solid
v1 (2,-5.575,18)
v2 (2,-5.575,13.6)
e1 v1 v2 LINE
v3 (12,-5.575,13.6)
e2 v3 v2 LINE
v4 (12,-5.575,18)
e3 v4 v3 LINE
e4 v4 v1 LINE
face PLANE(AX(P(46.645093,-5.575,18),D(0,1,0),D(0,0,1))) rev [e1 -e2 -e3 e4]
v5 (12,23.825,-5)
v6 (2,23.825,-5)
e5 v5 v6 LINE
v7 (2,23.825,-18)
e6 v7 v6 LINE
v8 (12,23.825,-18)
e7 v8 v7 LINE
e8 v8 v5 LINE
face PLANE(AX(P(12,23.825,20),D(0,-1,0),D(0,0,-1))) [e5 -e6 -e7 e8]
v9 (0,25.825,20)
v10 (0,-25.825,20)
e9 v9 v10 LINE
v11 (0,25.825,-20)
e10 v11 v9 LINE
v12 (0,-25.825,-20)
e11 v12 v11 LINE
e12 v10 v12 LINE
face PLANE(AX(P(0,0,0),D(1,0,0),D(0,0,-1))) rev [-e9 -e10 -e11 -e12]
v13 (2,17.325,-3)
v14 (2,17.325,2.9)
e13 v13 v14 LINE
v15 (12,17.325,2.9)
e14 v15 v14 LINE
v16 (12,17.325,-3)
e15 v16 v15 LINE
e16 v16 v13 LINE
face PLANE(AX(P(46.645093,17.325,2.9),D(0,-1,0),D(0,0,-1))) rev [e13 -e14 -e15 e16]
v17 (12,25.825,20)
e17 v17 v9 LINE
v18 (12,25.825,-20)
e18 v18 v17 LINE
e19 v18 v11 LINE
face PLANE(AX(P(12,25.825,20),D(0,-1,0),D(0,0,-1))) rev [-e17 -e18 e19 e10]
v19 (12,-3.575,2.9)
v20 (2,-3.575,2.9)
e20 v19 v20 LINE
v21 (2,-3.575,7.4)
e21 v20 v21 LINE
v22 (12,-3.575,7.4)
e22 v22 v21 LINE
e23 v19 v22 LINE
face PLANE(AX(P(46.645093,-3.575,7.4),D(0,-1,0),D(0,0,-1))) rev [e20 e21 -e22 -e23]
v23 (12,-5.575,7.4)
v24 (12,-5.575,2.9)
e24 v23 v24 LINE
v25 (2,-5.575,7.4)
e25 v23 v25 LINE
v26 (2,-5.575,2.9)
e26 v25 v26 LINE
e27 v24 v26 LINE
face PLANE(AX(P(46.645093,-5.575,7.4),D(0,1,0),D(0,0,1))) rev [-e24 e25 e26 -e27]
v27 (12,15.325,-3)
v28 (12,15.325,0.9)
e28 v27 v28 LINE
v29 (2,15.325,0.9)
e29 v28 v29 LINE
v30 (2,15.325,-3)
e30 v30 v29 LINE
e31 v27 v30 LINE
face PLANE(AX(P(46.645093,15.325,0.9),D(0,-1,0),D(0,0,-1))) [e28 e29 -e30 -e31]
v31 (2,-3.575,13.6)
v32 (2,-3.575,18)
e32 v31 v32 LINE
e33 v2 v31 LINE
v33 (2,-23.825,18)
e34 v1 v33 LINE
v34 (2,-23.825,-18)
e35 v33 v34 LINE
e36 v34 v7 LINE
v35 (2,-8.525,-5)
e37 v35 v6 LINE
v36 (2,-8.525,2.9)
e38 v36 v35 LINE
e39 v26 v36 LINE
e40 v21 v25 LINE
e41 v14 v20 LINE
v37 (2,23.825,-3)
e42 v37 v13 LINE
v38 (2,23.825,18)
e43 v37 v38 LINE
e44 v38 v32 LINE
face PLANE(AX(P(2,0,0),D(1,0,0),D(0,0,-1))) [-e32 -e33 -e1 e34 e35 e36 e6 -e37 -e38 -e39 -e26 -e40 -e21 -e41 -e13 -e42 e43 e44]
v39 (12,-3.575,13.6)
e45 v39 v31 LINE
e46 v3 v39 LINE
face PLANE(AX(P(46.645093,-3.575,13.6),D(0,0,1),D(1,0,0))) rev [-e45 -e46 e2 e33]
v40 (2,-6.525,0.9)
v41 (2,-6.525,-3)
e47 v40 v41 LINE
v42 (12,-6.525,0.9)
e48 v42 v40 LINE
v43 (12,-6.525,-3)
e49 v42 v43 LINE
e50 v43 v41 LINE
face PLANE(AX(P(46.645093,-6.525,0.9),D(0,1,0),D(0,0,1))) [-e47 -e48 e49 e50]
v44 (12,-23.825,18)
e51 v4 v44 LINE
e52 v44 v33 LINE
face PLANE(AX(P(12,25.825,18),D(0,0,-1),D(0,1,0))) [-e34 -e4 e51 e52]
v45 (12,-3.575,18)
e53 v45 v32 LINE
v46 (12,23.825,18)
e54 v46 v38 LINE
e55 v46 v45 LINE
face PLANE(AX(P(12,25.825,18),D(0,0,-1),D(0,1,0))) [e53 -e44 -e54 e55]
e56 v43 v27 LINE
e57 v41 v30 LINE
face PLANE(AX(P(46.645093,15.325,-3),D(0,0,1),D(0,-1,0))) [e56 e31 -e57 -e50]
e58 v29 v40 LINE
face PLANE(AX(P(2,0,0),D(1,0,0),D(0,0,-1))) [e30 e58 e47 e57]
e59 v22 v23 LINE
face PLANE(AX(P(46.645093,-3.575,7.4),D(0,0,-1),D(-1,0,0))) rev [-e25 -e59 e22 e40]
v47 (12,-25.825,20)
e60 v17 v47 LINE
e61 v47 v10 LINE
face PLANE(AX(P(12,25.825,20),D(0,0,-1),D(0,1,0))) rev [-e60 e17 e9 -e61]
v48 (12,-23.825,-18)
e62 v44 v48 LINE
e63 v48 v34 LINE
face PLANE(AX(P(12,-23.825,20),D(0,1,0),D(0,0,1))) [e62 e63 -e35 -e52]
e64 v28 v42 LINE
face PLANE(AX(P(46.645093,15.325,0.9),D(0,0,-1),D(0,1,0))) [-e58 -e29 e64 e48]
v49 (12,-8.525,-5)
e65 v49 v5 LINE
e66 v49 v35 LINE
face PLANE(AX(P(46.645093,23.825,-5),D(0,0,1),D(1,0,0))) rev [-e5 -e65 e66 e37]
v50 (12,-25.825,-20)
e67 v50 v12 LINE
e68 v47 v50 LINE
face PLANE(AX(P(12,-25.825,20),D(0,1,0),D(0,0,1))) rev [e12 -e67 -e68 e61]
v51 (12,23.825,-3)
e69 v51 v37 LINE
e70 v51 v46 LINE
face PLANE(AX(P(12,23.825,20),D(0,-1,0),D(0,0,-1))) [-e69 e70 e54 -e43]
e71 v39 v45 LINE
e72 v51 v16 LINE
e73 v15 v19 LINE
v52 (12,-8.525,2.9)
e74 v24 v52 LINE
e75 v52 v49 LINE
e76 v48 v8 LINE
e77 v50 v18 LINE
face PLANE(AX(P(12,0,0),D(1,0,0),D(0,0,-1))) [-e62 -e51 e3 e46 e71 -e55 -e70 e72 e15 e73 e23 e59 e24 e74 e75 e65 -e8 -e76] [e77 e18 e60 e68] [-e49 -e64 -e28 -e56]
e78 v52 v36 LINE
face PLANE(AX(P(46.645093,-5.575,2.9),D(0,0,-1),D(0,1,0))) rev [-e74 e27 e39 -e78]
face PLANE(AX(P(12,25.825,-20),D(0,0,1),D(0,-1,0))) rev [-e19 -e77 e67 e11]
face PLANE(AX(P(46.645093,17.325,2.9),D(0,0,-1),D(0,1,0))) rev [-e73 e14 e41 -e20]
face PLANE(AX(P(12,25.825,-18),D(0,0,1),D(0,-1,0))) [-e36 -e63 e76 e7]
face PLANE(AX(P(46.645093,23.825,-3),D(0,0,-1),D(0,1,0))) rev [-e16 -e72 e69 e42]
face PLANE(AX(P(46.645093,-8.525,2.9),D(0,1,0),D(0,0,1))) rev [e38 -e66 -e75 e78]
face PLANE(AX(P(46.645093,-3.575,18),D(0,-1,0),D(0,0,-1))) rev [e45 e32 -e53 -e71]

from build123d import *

# Parameters (mm, degrees)
SKETCH_1_W      = 40
SKETCH_1_H      = 51.65
EXTRUDE_1_DEPTH = 12
SHELL_1_T       = -2
SKETCH_3_W      = 3.9
SKETCH_3_H      = 21.85
SKETCH_3_W_2    = 4.4
SKETCH_3_H_2    = 2
EXTRUDE_6_DEPTH = 10


with BuildPart() as part:
    # 草图1 → 凸台-拉伸1 (new body)
    with BuildSketch(Plane(origin=(0, 0, 0), x_dir=(0, 0, -1), z_dir=(1, 0, 0))):
        Rectangle(SKETCH_1_W, SKETCH_1_H)
    extrude(amount=EXTRUDE_1_DEPTH)

    # 抽壳1
    shell_1_openings = [part.faces().sort_by_distance(p)[0] for p in [
        (12, 0, 0),
    ]]
    offset(amount=SHELL_1_T, openings=shell_1_openings, kind=Kind.INTERSECTION)

    # 草图3 → 凸台-拉伸6 (add)
    # profile 1 of 2: a face of its own
    with BuildSketch(Plane(origin=(2, 0, 0), x_dir=(0, 0, -1), z_dir=(1, 0, 0))):
        Polygon((-2.9, 17.325), (3, 17.325), (3, 23.825), (5, 23.825), (5, 17.175), (5, -8.525), (-2.9, -8.525), (-2.9, -5.575), (-7.4, -5.575), (-7.4, -3.575), (-2.9, -3.575), align=None)
        with Locations((1.05, 4.4)):
            Rectangle(SKETCH_3_W, SKETCH_3_H, mode=Mode.SUBTRACT)
    # profile 2 of 2: a face of its own
    with BuildSketch(Plane(origin=(2, 0, 0), x_dir=(0, 0, -1), z_dir=(1, 0, 0))):
        with Locations((-15.8, -4.575)):
            Rectangle(SKETCH_3_W_2, SKETCH_3_H_2)
    extrude(amount=EXTRUDE_6_DEPTH)


solid = part.part
